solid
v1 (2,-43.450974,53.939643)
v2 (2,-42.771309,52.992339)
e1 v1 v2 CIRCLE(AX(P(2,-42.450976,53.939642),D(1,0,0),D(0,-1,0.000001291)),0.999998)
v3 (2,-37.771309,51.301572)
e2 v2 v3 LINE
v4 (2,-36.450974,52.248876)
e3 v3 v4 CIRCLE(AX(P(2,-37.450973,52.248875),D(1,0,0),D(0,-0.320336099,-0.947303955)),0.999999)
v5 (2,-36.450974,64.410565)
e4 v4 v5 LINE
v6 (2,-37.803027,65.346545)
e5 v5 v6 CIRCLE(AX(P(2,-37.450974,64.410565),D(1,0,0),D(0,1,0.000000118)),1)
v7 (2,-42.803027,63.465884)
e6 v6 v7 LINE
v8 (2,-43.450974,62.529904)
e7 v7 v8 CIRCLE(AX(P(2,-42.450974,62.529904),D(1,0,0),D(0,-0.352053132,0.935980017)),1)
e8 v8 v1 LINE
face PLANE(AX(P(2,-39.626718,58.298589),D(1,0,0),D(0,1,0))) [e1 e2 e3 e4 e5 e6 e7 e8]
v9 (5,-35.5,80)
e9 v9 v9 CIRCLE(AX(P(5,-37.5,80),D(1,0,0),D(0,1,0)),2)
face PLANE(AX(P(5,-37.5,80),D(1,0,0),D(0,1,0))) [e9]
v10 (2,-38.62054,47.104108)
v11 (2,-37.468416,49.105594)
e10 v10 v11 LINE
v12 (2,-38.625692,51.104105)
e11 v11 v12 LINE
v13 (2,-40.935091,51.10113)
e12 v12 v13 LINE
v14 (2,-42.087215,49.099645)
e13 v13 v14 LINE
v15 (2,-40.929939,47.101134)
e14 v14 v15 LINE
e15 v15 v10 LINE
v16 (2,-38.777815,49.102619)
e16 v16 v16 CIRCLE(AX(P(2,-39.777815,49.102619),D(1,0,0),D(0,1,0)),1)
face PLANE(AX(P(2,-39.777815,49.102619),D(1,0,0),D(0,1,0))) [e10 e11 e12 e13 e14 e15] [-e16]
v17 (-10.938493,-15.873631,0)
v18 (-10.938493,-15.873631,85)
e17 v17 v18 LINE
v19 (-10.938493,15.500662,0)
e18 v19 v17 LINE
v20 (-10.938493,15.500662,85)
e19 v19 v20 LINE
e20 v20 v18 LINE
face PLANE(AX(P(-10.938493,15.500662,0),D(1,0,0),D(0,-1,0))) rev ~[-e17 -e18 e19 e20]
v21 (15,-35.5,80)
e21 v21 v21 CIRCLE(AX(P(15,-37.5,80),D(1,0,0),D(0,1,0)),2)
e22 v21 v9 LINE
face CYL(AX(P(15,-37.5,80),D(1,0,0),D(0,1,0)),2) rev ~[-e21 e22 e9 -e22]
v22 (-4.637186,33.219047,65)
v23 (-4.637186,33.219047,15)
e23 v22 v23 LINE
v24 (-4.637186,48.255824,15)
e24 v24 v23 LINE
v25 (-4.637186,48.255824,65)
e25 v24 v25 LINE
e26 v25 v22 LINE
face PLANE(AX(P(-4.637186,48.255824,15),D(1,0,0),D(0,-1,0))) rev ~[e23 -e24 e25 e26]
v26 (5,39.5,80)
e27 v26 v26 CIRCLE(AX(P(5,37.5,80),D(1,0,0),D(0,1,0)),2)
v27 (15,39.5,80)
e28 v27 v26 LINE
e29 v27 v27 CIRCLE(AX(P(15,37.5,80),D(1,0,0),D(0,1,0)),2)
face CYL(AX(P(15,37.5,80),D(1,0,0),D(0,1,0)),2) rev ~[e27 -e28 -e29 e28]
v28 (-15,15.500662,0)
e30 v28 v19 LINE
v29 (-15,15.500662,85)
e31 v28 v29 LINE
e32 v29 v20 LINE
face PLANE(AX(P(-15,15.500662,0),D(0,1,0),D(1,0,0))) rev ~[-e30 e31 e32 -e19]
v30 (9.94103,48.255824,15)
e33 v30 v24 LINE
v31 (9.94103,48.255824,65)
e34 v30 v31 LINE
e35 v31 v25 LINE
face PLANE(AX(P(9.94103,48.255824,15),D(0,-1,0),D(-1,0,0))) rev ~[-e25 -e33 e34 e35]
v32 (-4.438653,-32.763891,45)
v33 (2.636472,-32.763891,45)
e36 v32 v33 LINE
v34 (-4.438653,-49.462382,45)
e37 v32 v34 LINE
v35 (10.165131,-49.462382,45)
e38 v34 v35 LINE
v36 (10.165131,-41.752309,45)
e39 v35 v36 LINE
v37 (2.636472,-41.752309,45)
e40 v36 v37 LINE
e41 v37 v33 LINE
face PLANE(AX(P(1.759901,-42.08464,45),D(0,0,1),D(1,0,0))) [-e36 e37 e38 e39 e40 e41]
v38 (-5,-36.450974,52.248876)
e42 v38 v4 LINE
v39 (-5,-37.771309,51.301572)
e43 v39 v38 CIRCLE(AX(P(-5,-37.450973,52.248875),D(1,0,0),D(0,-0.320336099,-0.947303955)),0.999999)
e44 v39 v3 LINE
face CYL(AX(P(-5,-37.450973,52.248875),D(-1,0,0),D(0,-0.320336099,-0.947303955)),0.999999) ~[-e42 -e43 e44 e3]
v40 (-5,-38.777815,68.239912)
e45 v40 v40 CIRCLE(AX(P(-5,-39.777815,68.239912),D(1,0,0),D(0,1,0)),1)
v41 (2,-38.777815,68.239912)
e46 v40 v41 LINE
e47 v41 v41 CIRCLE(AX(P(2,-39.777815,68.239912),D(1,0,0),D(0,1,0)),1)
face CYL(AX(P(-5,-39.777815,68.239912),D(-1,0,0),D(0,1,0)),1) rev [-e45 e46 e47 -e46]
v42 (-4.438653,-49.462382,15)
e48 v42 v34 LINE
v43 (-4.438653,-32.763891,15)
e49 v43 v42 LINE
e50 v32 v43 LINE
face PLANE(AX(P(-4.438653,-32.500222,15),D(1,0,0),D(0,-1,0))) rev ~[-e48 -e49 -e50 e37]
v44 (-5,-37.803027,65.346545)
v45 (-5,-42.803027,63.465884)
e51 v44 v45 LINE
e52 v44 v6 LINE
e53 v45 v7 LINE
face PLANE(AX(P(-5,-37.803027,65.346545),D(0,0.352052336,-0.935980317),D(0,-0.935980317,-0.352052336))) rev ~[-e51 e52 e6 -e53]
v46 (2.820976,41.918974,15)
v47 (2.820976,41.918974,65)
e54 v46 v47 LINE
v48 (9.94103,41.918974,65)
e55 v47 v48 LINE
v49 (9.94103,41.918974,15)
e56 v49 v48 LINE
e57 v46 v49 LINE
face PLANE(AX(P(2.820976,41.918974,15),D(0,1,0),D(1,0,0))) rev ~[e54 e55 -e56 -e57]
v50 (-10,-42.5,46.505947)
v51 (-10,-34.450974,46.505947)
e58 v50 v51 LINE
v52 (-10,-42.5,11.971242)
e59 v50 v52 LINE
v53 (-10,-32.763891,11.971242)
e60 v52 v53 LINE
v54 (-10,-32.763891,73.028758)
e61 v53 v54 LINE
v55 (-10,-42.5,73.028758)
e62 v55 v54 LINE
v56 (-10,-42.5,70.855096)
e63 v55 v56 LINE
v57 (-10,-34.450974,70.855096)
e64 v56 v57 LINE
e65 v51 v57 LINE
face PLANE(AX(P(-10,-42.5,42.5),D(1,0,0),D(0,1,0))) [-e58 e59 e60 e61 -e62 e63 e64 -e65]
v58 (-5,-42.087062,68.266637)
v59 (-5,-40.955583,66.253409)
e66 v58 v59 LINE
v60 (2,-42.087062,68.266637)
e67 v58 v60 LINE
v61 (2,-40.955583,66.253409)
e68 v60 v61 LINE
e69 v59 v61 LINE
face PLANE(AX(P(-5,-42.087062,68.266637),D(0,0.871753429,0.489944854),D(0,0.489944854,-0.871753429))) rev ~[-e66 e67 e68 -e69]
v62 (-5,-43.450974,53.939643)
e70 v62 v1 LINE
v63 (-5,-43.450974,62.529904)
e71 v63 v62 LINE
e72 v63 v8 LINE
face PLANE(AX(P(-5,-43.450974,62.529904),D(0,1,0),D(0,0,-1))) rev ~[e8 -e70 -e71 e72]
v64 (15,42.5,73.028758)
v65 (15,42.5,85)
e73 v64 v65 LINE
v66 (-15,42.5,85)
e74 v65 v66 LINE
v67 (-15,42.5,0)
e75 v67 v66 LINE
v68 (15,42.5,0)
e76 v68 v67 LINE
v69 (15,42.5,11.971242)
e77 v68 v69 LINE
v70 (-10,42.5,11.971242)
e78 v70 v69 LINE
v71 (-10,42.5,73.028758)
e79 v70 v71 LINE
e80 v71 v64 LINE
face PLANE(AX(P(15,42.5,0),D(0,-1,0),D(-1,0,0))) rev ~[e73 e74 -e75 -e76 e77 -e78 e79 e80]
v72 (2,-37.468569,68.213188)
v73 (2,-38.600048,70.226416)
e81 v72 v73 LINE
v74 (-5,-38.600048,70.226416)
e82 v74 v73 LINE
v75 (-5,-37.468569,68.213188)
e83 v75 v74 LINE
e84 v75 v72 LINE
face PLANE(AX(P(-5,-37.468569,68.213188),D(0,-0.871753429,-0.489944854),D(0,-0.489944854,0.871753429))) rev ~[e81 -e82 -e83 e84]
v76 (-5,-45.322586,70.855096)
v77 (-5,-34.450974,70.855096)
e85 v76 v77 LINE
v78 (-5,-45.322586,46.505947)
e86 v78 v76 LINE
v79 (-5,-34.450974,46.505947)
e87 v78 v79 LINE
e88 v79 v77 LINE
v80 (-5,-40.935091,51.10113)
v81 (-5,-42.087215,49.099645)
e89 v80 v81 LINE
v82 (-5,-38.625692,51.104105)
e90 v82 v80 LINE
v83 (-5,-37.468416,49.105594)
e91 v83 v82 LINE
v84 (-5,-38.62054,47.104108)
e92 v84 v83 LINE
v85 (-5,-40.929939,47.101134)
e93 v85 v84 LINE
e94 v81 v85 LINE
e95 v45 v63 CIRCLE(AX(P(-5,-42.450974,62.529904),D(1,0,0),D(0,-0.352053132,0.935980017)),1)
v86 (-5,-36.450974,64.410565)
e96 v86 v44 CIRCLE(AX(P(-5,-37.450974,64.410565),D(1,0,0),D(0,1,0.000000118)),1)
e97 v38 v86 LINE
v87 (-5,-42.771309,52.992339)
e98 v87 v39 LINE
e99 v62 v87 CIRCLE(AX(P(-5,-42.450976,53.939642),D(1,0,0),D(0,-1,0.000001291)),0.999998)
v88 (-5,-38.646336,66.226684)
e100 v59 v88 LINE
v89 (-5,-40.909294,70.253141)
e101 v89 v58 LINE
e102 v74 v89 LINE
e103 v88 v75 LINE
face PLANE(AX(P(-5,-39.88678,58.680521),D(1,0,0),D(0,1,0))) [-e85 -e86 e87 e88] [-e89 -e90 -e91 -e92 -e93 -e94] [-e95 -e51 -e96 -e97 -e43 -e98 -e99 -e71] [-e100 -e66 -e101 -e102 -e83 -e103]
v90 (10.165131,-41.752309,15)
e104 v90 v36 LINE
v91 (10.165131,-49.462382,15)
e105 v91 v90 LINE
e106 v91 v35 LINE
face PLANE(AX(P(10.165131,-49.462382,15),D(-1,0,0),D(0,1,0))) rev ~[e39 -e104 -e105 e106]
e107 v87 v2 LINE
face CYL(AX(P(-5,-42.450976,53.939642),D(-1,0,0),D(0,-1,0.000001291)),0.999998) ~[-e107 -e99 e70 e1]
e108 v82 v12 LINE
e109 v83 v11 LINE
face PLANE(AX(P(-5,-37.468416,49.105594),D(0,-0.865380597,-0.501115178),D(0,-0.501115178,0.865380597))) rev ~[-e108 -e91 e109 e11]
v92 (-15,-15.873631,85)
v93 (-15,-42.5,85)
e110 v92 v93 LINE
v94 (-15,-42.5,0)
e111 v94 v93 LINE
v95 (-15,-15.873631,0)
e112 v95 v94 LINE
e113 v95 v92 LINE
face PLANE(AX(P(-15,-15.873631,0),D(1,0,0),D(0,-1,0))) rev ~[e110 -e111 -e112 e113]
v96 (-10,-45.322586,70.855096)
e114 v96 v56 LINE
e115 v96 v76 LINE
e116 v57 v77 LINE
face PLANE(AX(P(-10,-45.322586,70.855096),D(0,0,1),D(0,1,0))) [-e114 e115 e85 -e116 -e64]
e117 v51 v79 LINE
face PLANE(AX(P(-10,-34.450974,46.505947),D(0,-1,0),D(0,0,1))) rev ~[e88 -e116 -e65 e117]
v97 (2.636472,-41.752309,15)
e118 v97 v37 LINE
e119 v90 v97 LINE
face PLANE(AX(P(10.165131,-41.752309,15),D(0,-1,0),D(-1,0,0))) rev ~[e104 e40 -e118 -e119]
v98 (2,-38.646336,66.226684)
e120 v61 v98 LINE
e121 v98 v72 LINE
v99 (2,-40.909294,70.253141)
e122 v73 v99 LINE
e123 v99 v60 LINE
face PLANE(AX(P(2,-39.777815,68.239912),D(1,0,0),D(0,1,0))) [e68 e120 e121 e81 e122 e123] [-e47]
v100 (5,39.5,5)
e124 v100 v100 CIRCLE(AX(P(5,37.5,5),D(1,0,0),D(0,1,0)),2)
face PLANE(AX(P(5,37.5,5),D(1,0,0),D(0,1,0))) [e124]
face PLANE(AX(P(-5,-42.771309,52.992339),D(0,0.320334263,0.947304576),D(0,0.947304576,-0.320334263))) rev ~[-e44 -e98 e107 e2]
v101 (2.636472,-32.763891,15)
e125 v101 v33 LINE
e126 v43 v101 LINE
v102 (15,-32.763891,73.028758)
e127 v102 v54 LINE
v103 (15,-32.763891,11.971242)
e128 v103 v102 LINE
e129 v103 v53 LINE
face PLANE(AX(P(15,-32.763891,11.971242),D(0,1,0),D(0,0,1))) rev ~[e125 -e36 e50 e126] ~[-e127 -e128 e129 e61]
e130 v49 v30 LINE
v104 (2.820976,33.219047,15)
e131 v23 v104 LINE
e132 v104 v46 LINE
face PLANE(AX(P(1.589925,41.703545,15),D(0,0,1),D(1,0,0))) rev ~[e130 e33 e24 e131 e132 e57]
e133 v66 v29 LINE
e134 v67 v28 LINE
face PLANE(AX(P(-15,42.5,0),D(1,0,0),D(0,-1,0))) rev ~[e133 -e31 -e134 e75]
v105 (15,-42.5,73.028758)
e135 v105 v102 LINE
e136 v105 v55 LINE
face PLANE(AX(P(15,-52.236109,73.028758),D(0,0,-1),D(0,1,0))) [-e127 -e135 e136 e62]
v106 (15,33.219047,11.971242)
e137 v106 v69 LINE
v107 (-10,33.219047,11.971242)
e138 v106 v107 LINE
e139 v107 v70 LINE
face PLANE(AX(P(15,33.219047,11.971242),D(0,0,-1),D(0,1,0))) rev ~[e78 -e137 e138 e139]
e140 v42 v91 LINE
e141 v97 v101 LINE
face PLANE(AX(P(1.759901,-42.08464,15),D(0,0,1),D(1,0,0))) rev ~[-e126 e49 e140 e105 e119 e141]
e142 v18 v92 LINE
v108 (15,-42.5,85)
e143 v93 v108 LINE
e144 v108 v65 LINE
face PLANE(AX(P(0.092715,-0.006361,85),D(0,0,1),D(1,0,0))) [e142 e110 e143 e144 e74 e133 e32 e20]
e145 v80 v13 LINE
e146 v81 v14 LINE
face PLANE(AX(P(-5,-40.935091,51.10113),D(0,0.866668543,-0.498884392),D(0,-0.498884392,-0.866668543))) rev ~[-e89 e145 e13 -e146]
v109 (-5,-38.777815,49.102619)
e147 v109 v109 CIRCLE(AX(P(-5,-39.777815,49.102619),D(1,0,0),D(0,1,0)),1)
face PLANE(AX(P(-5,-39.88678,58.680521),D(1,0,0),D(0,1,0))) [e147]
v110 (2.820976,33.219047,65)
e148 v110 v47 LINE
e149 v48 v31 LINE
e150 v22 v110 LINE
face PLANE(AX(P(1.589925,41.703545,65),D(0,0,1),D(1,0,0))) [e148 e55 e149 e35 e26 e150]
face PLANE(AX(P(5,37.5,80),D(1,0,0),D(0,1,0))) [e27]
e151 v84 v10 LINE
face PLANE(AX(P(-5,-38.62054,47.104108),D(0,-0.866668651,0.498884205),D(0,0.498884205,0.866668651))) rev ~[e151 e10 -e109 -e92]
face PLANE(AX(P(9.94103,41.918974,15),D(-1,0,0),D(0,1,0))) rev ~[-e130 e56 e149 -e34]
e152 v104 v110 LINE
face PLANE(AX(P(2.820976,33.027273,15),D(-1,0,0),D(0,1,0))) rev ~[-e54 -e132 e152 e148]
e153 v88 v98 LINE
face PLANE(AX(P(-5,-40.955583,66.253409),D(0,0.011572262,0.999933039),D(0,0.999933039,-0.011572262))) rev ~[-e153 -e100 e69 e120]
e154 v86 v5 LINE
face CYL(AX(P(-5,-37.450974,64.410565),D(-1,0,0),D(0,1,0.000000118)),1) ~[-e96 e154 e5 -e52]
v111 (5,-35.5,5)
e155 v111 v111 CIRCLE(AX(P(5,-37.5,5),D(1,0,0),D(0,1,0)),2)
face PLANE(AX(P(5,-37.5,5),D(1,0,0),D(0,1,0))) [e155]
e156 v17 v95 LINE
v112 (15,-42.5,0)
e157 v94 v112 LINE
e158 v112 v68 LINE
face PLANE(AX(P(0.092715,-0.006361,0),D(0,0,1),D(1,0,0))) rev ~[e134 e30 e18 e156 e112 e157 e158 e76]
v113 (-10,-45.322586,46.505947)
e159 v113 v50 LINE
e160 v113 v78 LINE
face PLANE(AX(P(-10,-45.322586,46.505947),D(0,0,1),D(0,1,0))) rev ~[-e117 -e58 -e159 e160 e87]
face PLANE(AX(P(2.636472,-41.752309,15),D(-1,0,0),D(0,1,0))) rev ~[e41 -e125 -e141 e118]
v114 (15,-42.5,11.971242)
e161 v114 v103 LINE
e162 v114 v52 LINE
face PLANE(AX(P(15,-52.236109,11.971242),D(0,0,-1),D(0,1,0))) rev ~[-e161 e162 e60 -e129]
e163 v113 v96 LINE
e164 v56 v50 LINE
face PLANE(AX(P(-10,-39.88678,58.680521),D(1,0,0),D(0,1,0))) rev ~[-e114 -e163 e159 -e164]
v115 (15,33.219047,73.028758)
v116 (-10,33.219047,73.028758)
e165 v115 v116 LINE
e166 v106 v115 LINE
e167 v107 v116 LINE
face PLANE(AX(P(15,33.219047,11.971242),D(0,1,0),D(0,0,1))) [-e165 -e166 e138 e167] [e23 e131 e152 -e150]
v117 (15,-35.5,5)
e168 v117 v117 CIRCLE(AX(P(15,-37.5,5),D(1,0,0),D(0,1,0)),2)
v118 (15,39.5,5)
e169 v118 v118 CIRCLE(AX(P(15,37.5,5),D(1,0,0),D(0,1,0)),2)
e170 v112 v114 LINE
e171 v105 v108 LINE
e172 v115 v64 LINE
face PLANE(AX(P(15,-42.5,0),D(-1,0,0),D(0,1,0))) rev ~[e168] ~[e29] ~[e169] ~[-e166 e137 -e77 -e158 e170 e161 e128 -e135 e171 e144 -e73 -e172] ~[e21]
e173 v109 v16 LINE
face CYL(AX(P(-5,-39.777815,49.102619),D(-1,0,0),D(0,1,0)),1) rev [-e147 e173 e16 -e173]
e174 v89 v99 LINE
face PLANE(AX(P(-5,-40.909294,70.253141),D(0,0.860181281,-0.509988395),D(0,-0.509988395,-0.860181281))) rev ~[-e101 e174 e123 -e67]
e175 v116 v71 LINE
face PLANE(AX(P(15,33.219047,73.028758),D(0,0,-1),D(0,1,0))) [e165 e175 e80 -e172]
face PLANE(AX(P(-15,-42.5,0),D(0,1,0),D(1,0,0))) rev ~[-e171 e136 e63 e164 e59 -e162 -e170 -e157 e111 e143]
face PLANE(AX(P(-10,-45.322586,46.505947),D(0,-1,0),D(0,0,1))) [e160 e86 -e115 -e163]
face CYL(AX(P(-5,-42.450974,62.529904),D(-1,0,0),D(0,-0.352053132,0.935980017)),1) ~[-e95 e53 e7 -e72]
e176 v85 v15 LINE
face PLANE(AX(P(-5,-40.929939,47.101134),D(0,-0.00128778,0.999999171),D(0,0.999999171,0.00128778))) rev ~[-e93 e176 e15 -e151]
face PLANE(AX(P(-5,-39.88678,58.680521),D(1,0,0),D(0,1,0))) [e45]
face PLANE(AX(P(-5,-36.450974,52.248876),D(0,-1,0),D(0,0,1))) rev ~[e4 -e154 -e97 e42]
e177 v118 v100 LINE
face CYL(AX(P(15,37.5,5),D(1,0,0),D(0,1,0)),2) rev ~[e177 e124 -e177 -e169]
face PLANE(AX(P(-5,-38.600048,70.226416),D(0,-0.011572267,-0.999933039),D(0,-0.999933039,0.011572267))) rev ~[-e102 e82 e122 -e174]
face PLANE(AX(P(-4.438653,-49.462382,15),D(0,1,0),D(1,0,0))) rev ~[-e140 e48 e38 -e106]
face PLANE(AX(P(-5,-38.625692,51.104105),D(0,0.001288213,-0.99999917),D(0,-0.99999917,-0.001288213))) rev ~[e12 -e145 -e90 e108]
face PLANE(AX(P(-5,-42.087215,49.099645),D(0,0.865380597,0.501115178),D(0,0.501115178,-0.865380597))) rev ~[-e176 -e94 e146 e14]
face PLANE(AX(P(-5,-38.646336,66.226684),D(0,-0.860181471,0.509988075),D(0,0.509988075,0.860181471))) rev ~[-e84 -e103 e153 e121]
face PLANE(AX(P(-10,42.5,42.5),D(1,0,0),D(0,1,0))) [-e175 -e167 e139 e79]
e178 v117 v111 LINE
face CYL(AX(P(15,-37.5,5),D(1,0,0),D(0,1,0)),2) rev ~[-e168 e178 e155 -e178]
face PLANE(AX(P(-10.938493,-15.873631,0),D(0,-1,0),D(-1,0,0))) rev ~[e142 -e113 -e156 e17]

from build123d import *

# Parameters (mm, degrees)
F1_DEPTH  = 85
F2_R      = 2
F3_DEPTH  = 10
F4_W      = 19.472218
F4_H      = 61.057516
F4_W_2    = 18.561906
F5_DEPTH  = 25
F8_DEPTH  = 50
F10_DEPTH = 30
F11_W     = 10.871612
F11_H     = 24.349149
F12_DEPTH = 5
F13_R     = 1
F14_DEPTH = 7


with BuildPart() as f1:
    # F0 (on Top) → F1 (new body)
    with BuildSketch(Plane.XY):
        Polygon((15, 42.5), (-15, 42.5), (-15, 15.500662), (-10.938493, 15.500662), (-10.938493, -15.873631), (-15, -15.873631), (-15, -42.5), (15, -42.5), align=None)
    extrude(amount=F1_DEPTH)

    # F2 (on face) → F3 (cut)
    with BuildSketch(Plane.YZ.offset(15)):
        with Locations((-37.5, 5)):
            Circle(F2_R)
        with Locations((37.5, 5)):
            Circle(F2_R)
        with Locations((37.5, 80)):
            Circle(F2_R)
        with Locations((-37.5, 80)):
            Circle(F2_R)
    extrude(amount=-F3_DEPTH, mode=Mode.SUBTRACT)

    # F4 (on face) → F5 (cut)
    with BuildSketch(Plane.YZ.offset(15)):
        with Locations((-42.5, 42.5)):
            Rectangle(F4_W, F4_H)
        with Locations((42.5, 42.5)):
            Rectangle(F4_W_2, F4_H)
    extrude(amount=-F5_DEPTH, mode=Mode.SUBTRACT)

    # F7 (on offset) → F8 (join)
    with BuildSketch(Plane.XY.offset(15)):
        Polygon((-4.637186, 48.255824), (-4.637186, 33.027273), (2.820976, 33.027273), (2.820976, 41.918974), (9.94103, 41.918974), (9.94103, 48.255824), (2.820976, 48.255824), align=None)
    extrude(amount=F8_DEPTH)

    # F9 (on offset) → F10 (join)
    with BuildSketch(Plane.XY.offset(15)):
        Polygon((2.636472, -32.500222), (-4.438653, -32.500222), (-4.438653, -49.462382), (2.636472, -49.462382), (10.165131, -49.462382), (10.165131, -41.752309), (2.636472, -41.752309), align=None)
    extrude(amount=F10_DEPTH)

    # F11 (on face) → F12 (join)
    with BuildSketch(Plane.YZ.offset(-10)):
        with Locations((-39.88678, 58.680521)):
            Rectangle(F11_W, F11_H)
    extrude(amount=F12_DEPTH)

    # F13 (on face) → F14 (join)
    with BuildSketch(Plane.YZ.offset(-5)):
        with BuildLine():
            Line((-36.450974, 52.248876), (-36.450974, 64.410565))
            ThreePointArc((-36.450974, 64.410565), (-36.881787, 65.232773), (-37.803027, 65.346545))
            Line((-37.803027, 65.346545), (-42.803027, 63.465884))
            ThreePointArc((-42.803027, 63.465884), (-43.273182, 63.099091), (-43.450974, 62.529904))
            Line((-43.450974, 62.529904), (-43.450974, 53.939643))
            ThreePointArc((-43.450974, 53.939643), (-43.263481, 53.356691), (-42.771309, 52.992339))
            Line((-42.771309, 52.992339), (-37.771309, 51.301572))
            ThreePointArc((-37.771309, 51.301572), (-36.868022, 51.436369), (-36.450974, 52.248876))
        make_face()
        Polygon((-42.087062, 68.266637), (-40.955583, 66.253409), (-38.646336, 66.226684), (-37.468569, 68.213188), (-38.600048, 70.226416), (-40.909294, 70.253141), align=None)
        with Locations((-39.777815, 68.239912)):
            Circle(F13_R, mode=Mode.SUBTRACT)
        Polygon((-42.087215, 49.099645), (-40.929939, 47.101134), (-38.62054, 47.104108), (-37.468416, 49.105594), (-38.625692, 51.104105), (-40.935091, 51.10113), align=None)
        with Locations((-39.777815, 49.102619)):
            Circle(F13_R, mode=Mode.SUBTRACT)
    extrude(amount=F14_DEPTH)


solid = f1.part
